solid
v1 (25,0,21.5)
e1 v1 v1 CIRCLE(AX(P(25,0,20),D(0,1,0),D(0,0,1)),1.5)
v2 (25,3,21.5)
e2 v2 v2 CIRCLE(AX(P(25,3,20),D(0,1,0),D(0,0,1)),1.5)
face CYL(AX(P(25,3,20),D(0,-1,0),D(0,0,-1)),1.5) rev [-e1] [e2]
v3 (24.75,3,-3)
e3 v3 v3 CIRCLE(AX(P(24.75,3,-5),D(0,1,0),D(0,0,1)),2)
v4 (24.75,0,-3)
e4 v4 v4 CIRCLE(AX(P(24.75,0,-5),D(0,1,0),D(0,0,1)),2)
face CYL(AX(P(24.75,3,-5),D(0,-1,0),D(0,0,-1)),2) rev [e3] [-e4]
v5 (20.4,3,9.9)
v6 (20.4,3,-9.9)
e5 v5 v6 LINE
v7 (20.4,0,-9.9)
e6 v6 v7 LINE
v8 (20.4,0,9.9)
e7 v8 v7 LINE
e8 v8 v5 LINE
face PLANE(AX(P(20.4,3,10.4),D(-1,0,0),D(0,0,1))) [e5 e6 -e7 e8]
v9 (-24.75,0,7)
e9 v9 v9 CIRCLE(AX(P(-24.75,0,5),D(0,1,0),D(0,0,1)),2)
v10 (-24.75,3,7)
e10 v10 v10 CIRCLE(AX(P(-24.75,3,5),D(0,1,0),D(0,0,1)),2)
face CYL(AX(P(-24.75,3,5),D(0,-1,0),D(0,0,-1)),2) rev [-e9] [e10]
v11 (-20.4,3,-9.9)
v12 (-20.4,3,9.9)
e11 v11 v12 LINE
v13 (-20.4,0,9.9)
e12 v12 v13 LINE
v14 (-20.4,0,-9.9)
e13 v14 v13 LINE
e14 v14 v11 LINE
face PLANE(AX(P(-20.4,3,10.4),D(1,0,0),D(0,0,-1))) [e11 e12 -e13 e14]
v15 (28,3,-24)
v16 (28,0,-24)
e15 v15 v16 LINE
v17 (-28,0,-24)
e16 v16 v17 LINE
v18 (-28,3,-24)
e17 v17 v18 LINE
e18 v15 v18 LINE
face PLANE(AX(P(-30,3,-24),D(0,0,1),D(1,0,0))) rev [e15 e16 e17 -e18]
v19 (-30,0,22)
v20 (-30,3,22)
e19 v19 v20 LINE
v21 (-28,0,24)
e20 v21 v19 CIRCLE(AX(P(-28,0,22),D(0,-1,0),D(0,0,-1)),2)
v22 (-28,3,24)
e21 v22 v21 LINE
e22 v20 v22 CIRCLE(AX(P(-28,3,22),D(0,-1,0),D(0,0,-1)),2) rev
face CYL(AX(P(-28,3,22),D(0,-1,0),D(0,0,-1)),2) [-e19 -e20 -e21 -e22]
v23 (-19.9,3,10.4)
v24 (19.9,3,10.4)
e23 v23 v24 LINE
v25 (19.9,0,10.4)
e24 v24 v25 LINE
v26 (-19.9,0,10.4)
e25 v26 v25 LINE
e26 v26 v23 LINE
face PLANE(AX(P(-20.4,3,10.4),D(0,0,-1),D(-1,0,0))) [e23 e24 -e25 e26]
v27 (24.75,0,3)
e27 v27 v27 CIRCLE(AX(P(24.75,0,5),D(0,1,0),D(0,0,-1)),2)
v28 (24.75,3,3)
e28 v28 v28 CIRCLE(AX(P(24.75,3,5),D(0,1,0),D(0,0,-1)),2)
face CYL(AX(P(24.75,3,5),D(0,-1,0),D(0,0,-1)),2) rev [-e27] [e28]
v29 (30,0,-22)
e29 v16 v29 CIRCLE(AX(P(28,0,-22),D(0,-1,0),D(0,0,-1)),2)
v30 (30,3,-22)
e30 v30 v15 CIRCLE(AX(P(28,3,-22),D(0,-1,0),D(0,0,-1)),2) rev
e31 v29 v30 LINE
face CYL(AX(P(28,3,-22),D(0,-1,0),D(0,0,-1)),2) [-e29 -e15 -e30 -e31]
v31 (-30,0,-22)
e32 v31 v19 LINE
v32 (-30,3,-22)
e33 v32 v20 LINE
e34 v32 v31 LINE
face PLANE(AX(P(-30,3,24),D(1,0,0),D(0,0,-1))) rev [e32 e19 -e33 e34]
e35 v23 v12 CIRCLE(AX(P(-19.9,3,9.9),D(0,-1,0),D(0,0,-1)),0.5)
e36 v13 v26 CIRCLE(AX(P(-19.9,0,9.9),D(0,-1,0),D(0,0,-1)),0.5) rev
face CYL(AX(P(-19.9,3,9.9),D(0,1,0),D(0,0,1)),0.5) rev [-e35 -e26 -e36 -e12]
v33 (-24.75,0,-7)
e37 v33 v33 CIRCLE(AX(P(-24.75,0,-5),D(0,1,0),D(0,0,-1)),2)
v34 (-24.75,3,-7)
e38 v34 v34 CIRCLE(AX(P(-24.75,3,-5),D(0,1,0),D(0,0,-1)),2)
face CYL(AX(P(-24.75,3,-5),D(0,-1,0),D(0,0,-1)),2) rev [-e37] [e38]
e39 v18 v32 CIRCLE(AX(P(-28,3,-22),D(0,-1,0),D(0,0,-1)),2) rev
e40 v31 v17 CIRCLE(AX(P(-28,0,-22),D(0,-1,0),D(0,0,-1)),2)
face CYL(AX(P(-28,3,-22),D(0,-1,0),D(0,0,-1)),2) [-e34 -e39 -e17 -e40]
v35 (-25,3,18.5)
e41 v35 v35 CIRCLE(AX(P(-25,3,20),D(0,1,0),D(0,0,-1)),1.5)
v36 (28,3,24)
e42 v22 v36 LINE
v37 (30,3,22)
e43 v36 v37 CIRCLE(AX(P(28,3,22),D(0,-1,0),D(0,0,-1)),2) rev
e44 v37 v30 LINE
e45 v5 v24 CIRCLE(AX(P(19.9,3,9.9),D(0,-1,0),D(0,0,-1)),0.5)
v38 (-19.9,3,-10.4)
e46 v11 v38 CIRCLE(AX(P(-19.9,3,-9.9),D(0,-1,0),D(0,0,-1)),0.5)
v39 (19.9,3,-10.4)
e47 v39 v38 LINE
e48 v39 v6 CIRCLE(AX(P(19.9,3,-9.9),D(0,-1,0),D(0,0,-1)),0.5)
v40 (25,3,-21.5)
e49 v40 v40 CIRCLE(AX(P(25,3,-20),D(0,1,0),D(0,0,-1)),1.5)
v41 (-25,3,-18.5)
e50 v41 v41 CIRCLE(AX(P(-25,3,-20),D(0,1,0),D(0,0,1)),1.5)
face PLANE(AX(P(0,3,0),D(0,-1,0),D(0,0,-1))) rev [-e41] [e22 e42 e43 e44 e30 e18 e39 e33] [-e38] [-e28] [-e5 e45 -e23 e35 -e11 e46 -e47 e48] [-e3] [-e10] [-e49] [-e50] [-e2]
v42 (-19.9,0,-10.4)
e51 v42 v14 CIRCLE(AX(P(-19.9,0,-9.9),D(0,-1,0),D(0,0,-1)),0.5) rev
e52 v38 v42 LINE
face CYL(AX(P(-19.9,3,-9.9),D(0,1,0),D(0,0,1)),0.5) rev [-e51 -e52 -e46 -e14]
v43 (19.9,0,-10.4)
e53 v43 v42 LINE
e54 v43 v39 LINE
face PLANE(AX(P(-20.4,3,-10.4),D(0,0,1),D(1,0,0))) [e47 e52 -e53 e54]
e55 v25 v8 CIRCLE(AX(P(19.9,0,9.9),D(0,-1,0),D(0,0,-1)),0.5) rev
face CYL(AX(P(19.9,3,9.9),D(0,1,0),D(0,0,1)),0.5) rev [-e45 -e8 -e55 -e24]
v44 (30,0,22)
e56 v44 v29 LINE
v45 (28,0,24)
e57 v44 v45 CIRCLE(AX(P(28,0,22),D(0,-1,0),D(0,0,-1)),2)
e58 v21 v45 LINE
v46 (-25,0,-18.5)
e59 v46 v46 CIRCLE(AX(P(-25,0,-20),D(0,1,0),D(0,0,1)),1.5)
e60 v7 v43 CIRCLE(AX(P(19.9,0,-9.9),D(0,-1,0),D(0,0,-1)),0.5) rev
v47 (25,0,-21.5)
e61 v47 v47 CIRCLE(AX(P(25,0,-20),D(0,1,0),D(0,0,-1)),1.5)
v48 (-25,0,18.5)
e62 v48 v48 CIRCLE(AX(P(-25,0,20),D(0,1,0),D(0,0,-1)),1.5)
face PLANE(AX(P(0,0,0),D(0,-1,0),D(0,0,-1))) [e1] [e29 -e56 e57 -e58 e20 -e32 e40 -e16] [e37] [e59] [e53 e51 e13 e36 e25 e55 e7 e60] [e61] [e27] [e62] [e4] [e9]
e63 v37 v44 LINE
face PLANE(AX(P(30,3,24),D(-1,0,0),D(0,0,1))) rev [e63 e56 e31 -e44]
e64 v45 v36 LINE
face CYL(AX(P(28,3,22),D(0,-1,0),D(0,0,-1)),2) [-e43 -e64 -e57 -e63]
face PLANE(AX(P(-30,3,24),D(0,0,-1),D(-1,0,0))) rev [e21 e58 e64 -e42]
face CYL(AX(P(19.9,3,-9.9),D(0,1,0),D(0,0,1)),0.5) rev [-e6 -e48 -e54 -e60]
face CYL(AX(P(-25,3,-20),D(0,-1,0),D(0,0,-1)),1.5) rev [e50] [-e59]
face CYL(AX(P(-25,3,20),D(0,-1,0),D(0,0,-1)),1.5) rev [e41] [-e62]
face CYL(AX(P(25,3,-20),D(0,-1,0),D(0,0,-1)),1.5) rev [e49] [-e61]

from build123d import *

# Parameters (mm, degrees)
SKETCH_1_W      = 60
SKETCH_1_H      = 48
SKETCH_1_R      = 2
SKETCH_1_R_2    = 1.5
SKETCH_1_W_2    = 40.8
SKETCH_1_H_2    = 20.8
EXTRUDE_1_DEPTH = 3
FILLET_1_R      = 0.5
FILLET_2_R      = 2


with BuildPart() as part:
    # 草图1 → 凸台-拉伸1 (new body)
    with BuildSketch(Plane(origin=(0, 0, 0), x_dir=(1, 0, 0), z_dir=(0, 1, 0))):
        Rectangle(SKETCH_1_W, SKETCH_1_H)
        with Locations(Location((24.75, 5, 0), (0, 0, 270))):
            Circle(SKETCH_1_R, mode=Mode.SUBTRACT)
        with Locations(Location((24.75, -5, 0), (0, 0, 90))):
            Circle(SKETCH_1_R, mode=Mode.SUBTRACT)
        with Locations(Location((-24.75, -5, 0), (0, 0, 270))):
            Circle(SKETCH_1_R, mode=Mode.SUBTRACT)
        with Locations(Location((-24.75, 5, 0), (0, 0, 90))):
            Circle(SKETCH_1_R, mode=Mode.SUBTRACT)
        with Locations(Location((-25, 20, 0), (0, 0, 270))):
            Circle(SKETCH_1_R_2, mode=Mode.SUBTRACT)
        with Locations(Location((25, 20, 0), (0, 0, 90))):
            Circle(SKETCH_1_R_2, mode=Mode.SUBTRACT)
        with Locations(Location((25, -20, 0), (0, 0, 270))):
            Circle(SKETCH_1_R_2, mode=Mode.SUBTRACT)
        with Locations(Location((-25, -20, 0), (0, 0, 90))):
            Circle(SKETCH_1_R_2, mode=Mode.SUBTRACT)
        Rectangle(SKETCH_1_W_2, SKETCH_1_H_2, mode=Mode.SUBTRACT)
    extrude(amount=EXTRUDE_1_DEPTH)

    # 圆角1
    fillet_1_edges = [part.edges().sort_by_distance(p)[0] for p in [
        (20.4, 1.5, 10.4),
        (20.4, 1.5, -10.4),
        (-20.4, 1.5, -10.4),
        (-20.4, 1.5, 10.4),
    ]]
    fillet(fillet_1_edges, radius=FILLET_1_R)

    # 圆角2
    fillet_2_edges = [part.edges().sort_by_distance(p)[0] for p in [
        (30, 1.5, 24),
        (-30, 1.5, 24),
        (-30, 1.5, -24),
        (30, 1.5, -24),
    ]]
    fillet(fillet_2_edges, radius=FILLET_2_R)


solid = part.part
